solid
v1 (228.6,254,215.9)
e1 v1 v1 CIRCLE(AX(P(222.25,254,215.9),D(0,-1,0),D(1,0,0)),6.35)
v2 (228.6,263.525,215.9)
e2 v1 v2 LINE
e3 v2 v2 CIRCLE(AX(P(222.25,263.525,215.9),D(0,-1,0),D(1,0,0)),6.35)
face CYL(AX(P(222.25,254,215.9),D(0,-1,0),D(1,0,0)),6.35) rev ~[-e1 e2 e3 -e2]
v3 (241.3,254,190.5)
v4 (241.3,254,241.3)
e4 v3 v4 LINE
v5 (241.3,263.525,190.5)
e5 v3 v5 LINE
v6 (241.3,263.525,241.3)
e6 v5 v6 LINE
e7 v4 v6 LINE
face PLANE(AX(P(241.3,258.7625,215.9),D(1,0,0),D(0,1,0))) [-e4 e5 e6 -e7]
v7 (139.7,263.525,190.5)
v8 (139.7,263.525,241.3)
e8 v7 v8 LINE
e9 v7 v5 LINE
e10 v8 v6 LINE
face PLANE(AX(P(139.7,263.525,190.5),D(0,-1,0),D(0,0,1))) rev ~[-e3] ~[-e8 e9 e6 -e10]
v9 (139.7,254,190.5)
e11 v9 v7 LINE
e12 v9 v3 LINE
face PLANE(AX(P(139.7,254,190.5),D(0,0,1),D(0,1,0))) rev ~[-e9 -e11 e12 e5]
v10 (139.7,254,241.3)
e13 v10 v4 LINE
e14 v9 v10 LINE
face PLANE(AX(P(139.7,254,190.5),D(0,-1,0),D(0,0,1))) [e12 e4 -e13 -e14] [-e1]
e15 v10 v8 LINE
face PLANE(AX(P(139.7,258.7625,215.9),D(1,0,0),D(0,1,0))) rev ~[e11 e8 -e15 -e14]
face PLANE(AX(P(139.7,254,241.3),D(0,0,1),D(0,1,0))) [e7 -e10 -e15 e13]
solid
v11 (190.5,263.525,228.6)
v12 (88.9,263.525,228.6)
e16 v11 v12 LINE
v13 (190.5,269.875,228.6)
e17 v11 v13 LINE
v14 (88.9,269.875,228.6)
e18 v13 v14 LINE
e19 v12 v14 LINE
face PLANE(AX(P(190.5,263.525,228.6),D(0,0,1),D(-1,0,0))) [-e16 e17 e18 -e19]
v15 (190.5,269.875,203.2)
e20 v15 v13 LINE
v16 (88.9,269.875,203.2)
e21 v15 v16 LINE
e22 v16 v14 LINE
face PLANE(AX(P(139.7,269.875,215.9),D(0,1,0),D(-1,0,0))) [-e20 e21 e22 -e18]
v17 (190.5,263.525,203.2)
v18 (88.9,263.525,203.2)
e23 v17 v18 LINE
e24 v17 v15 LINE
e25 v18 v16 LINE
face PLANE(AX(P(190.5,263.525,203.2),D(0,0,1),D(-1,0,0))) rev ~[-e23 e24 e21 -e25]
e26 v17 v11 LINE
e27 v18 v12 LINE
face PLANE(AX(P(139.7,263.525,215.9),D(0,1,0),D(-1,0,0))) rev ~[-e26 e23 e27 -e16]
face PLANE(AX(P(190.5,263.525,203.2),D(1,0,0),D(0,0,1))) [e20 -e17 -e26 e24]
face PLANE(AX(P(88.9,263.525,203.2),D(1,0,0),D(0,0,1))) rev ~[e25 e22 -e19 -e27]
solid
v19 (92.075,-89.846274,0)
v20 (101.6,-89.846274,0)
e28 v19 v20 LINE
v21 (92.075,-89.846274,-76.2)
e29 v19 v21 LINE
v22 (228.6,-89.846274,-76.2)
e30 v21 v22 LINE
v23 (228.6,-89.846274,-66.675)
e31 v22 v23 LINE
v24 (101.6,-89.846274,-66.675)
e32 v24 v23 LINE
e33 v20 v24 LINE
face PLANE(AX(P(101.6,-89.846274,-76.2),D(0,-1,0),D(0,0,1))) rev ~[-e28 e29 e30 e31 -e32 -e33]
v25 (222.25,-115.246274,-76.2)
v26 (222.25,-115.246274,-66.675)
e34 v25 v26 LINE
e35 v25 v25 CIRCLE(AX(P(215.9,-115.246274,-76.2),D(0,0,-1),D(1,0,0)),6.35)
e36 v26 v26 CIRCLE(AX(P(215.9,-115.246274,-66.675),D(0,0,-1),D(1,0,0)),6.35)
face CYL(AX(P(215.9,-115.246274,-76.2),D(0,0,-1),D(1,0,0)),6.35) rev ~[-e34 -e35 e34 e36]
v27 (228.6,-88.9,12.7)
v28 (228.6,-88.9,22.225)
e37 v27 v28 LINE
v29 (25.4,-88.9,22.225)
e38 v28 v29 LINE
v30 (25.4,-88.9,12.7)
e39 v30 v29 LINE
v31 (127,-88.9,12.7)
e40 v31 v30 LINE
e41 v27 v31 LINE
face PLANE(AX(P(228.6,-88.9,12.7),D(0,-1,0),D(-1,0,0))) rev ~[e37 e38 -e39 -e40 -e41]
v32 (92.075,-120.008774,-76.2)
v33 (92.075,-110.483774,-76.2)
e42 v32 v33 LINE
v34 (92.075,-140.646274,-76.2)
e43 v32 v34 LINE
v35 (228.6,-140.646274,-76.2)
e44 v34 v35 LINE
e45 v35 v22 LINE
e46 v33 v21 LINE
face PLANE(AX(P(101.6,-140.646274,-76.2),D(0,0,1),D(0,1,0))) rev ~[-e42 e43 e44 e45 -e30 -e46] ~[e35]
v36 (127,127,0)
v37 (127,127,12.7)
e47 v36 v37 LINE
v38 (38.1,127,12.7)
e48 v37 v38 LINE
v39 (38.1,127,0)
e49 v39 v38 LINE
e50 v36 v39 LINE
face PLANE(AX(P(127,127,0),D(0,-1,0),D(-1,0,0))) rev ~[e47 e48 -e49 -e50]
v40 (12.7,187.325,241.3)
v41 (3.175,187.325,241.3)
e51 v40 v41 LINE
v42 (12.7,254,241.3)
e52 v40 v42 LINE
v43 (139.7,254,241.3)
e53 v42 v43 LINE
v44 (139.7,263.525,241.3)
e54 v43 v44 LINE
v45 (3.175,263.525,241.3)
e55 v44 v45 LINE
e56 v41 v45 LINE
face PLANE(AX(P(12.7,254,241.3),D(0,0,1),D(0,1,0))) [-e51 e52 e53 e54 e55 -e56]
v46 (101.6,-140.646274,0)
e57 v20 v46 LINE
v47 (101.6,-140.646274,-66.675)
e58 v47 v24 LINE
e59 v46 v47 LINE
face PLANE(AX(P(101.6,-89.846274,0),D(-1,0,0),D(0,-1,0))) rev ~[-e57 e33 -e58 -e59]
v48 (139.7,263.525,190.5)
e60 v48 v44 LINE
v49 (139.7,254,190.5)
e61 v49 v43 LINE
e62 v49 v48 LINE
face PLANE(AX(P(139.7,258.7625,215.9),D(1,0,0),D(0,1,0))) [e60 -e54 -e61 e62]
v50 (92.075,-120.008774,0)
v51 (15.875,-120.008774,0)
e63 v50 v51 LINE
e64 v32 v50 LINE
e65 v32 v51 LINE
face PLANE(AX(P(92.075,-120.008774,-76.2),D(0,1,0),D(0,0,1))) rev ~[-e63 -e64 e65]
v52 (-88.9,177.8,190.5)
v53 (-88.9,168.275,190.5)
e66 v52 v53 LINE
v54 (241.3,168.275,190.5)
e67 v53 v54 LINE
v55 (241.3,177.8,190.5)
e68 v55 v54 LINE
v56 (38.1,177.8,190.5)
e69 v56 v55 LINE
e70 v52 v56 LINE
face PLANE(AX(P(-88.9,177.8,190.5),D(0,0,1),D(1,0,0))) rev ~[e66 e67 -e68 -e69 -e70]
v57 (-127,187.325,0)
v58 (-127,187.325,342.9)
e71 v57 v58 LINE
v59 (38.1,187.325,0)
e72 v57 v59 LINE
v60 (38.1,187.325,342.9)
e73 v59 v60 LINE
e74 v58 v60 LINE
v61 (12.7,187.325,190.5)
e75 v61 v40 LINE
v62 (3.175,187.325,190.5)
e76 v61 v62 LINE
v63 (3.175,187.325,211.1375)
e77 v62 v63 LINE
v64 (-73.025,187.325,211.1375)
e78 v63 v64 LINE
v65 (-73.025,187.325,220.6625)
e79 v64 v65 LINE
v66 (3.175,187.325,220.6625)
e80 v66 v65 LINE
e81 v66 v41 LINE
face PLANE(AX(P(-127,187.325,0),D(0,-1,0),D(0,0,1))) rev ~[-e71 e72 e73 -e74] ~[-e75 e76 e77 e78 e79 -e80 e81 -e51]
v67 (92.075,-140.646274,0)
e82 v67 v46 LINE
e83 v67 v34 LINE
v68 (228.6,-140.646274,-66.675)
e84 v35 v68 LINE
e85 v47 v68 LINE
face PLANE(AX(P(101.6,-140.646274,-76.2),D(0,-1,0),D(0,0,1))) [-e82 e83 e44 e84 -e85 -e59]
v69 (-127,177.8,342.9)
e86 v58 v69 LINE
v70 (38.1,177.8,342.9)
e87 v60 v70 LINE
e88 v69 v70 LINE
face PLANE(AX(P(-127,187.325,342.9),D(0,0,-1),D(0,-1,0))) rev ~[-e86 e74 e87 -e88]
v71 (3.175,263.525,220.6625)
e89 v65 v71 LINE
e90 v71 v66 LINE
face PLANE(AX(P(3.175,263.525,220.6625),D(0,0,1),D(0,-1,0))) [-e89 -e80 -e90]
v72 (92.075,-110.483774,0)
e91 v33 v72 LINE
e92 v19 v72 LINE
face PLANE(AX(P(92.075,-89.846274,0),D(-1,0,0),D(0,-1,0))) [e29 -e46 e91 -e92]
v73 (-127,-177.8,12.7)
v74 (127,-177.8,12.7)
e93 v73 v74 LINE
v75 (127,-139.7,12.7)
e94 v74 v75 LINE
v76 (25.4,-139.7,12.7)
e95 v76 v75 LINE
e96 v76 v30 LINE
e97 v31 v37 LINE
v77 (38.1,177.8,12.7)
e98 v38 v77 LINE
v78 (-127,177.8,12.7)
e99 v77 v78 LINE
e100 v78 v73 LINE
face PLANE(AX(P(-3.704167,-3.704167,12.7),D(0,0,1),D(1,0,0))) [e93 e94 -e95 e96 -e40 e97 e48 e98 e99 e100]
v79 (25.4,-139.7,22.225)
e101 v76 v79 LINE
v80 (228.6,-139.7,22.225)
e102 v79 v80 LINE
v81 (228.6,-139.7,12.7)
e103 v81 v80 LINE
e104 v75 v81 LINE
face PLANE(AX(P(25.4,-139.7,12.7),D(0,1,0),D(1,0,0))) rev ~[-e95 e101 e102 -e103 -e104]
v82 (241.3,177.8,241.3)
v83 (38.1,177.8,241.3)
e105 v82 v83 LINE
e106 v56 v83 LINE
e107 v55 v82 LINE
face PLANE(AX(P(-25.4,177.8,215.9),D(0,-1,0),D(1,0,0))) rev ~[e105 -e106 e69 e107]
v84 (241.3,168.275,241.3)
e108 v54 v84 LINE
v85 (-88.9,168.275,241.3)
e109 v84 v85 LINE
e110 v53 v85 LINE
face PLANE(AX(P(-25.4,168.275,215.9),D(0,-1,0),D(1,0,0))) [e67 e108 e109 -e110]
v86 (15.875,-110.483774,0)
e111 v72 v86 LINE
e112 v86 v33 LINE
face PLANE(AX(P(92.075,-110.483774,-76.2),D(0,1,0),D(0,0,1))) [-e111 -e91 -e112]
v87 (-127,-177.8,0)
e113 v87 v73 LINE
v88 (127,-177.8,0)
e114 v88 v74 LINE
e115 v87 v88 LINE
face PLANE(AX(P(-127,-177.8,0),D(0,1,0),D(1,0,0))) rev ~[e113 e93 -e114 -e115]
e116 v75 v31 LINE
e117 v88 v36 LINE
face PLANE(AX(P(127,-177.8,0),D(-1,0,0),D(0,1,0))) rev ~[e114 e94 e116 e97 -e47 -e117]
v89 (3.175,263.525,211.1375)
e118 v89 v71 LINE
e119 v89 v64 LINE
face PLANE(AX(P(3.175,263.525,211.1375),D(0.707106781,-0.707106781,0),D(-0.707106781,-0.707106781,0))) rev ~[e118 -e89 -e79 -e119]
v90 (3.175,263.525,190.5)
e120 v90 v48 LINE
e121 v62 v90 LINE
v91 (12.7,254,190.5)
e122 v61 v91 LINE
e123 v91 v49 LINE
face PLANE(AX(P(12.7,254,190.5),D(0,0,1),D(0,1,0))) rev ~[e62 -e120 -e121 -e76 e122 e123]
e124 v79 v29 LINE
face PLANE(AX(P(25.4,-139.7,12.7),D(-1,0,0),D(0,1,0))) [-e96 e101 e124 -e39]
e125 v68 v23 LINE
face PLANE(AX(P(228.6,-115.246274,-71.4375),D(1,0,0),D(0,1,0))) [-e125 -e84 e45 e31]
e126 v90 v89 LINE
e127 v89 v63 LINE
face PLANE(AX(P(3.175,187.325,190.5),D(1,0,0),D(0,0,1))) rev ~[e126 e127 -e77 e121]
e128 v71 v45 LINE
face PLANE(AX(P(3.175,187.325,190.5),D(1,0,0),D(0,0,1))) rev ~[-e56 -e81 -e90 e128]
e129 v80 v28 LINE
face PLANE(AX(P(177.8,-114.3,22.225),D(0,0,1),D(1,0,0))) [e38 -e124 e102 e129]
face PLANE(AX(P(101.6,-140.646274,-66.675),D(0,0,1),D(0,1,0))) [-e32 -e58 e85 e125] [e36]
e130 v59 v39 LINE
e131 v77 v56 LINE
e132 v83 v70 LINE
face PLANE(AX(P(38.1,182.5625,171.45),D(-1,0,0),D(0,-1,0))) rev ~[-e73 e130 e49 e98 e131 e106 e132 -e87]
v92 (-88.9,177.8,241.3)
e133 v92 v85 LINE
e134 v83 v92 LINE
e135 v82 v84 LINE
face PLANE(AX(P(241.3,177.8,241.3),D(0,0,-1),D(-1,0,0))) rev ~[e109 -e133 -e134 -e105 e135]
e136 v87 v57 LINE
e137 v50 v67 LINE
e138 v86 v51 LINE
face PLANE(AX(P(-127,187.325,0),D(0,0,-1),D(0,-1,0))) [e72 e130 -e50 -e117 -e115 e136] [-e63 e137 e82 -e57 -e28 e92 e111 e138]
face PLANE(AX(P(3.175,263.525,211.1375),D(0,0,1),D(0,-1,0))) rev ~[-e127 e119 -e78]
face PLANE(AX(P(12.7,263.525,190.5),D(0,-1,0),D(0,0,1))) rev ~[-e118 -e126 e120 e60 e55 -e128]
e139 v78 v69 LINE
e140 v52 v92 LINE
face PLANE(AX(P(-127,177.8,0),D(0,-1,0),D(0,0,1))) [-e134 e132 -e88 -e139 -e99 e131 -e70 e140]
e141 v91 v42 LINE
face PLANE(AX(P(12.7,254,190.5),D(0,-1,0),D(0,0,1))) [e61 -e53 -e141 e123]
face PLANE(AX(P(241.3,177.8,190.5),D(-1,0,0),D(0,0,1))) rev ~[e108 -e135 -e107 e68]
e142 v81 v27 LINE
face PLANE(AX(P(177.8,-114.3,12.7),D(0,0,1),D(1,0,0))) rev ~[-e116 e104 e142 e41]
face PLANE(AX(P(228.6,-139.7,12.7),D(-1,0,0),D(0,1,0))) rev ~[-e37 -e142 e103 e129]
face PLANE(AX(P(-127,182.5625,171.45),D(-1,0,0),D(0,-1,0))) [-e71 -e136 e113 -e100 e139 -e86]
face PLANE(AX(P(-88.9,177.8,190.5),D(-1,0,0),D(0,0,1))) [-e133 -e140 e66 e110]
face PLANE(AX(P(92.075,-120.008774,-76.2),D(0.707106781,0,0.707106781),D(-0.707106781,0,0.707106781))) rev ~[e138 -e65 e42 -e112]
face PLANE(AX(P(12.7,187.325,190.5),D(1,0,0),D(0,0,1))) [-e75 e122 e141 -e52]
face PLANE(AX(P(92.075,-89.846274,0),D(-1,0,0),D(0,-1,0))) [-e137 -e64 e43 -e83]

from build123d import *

# Parameters (mm, degrees)
F1_DEPTH   = 12.7
F2_W       = 101.6
F2_H       = 50.8
F3_DEPTH   = 9.525
F4_W       = 9.525
F4_H       = 342.9
F5_DEPTH   = 165.1
F6_W       = 127
F6_H       = 50.8
F6_W_2     = 203.2
F7_DEPTH   = 9.525
F8_W       = 9.525
F8_H       = 50.8
F9_DEPTH   = 76.2
F10_W      = 50.8
F10_H      = 9.525
F11_DEPTH  = 127
F12_W      = 9.525
F12_H      = 76.2
F13_DEPTH  = 76.2
F15_DEPTH  = 25.4
F16_R      = 6.35
F17_DEPTH  = 25.4
F18_W      = 9.525
F18_H      = 50.8
F19_DEPTH  = 76.2
F20_W      = 9.525
F20_H      = 50.8
F21_DEPTH  = 127
F21_FACE_W = 9.525
F21_FACE_H = 50.8
F22_DEPTH  = 101.6
F23_W      = 101.6
F23_H      = 25.4
F24_DEPTH  = 6.35
F25_R      = 6.35
F26_DEPTH  = 25.4
F27_W      = 76.2
F27_H      = 9.525
F28_DEPTH  = 76.2
F30_DEPTH  = 25.4


with BuildPart() as f1:
    # F0 (on Top) → F1 (new body)
    with BuildSketch(Plane.XY):
        Polygon((-127, -177.8), (127, -177.8), (127, 127), (38.1, 127), (38.1, 177.8), (-127, 177.8), align=None)
    extrude(amount=F1_DEPTH)

    # F2 (on face) → F3 (join)
    with BuildSketch(Plane.XY.offset(12.7)):
        with Locations((177.8, -114.3)):
            Rectangle(F2_W, F2_H)
        with Locations((76.2, -114.3)):
            Rectangle(F2_W, F2_H)
    extrude(amount=F3_DEPTH)

    # F4 (on face) → F5 (join, through all)
    with BuildSketch(Plane(origin=(-127, 0, 0), x_dir=(0, -1, 0), z_dir=(-1, 0, 0))):
        with Locations((-182.5625, 171.45)):
            Rectangle(F4_W, F4_H)
    extrude(amount=-F5_DEPTH)

    # F6 (on face) → F7 (join)
    with BuildSketch(Plane.XZ.offset(-177.8)):
        with Locations((-25.4, 215.9)):
            Rectangle(F6_W, F6_H)
        with Locations((139.7, 215.9)):
            Rectangle(F6_W_2, F6_H)
    extrude(amount=F7_DEPTH)

    # F8 (on face) → F9 (join)
    with BuildSketch(Plane(origin=(0, 0, 0), x_dir=(1, 0, 0), z_dir=(0, 0, -1))):
        with Locations((96.8375, 115.246274)):
            Rectangle(F8_W, F8_H)
    extrude(amount=F9_DEPTH)

    # F10 (on face) → F11 (join)
    with BuildSketch(Plane.YZ.offset(101.6)):
        with Locations((-115.246274, -71.4375)):
            Rectangle(F10_W, F10_H)
    extrude(amount=F11_DEPTH)

    # F12 (on face) → F13 (join)
    with BuildSketch(Plane(origin=(92.075, 0, 0), x_dir=(0, -1, 0), z_dir=(-1, 0, 0))):
        with Locations((115.246274, -38.1)):
            Rectangle(F12_W, F12_H)
    extrude(amount=F13_DEPTH)

    # F14 (on face) → F15 (cut)
    with BuildSketch(Plane.XZ.offset(120.008774)):
        Polygon((92.075, -76.2), (15.875, 0), (15.875, -76.2), align=None)
    extrude(amount=-F15_DEPTH, mode=Mode.SUBTRACT)

    # F16 (on face) → F17 (cut)
    with BuildSketch(Plane(origin=(0, 0, -76.2), x_dir=(1, 0, 0), z_dir=(0, 0, -1))):
        with Locations((215.9, 115.246274)):
            Circle(F16_R)
    extrude(amount=-F17_DEPTH, mode=Mode.SUBTRACT)

    # F18 (on face) → F19 (join)
    with BuildSketch(Plane(origin=(0, 187.325, 0), x_dir=(-1, 0, 0), z_dir=(0, 1, 0))):
        with Locations((-7.9375, 215.9)):
            Rectangle(F18_W, F18_H)
    extrude(amount=F19_DEPTH)

    # F20 (on face) → F21 (join)
    with BuildSketch(Plane.YZ.offset(12.7)):
        with Locations((258.7625, 215.9)):
            Rectangle(F20_W, F20_H)
    extrude(amount=F21_DEPTH)

    # F27 (on face) → F28 (join)
    with BuildSketch(Plane(origin=(3.175, 0, 0), x_dir=(0, -1, 0), z_dir=(-1, 0, 0))):
        with Locations((-225.425, 215.9)):
            Rectangle(F27_W, F27_H)
    extrude(amount=F28_DEPTH)

    # F29 (on face) → F30 (cut)
    with BuildSketch(Plane(origin=(0, 0, 211.1375), x_dir=(1, 0, 0), z_dir=(0, 0, -1))):
        Polygon((-73.025, -263.525), (3.175, -263.525), (-73.025, -187.325), align=None)
    extrude(amount=-F30_DEPTH, mode=Mode.SUBTRACT)


with BuildPart() as f22:
    # F21_face (on face) → F22 (new body)
    with BuildSketch(Plane(origin=(139.7, 258.7625, 215.9), x_dir=(0, 1, 0), z_dir=(1, 0, 0))):
        Rectangle(F21_FACE_W, F21_FACE_H)
    extrude(amount=F22_DEPTH)

    # F25 (on face) → F26 (cut)
    with BuildSketch(Plane.XZ.offset(-254)):
        with Locations((222.25, 215.9)):
            Circle(F25_R)
    extrude(amount=-F26_DEPTH, mode=Mode.SUBTRACT)


with BuildPart() as f24:
    # F23 (on face) → F24 (new body)
    with BuildSketch(Plane(origin=(0, 263.525, 0), x_dir=(-1, 0, 0), z_dir=(0, 1, 0))):
        with Locations((-139.7, 215.9)):
            Rectangle(F23_W, F23_H)
    extrude(amount=F24_DEPTH)


solid = Compound([f1.part, f22.part, f24.part])
